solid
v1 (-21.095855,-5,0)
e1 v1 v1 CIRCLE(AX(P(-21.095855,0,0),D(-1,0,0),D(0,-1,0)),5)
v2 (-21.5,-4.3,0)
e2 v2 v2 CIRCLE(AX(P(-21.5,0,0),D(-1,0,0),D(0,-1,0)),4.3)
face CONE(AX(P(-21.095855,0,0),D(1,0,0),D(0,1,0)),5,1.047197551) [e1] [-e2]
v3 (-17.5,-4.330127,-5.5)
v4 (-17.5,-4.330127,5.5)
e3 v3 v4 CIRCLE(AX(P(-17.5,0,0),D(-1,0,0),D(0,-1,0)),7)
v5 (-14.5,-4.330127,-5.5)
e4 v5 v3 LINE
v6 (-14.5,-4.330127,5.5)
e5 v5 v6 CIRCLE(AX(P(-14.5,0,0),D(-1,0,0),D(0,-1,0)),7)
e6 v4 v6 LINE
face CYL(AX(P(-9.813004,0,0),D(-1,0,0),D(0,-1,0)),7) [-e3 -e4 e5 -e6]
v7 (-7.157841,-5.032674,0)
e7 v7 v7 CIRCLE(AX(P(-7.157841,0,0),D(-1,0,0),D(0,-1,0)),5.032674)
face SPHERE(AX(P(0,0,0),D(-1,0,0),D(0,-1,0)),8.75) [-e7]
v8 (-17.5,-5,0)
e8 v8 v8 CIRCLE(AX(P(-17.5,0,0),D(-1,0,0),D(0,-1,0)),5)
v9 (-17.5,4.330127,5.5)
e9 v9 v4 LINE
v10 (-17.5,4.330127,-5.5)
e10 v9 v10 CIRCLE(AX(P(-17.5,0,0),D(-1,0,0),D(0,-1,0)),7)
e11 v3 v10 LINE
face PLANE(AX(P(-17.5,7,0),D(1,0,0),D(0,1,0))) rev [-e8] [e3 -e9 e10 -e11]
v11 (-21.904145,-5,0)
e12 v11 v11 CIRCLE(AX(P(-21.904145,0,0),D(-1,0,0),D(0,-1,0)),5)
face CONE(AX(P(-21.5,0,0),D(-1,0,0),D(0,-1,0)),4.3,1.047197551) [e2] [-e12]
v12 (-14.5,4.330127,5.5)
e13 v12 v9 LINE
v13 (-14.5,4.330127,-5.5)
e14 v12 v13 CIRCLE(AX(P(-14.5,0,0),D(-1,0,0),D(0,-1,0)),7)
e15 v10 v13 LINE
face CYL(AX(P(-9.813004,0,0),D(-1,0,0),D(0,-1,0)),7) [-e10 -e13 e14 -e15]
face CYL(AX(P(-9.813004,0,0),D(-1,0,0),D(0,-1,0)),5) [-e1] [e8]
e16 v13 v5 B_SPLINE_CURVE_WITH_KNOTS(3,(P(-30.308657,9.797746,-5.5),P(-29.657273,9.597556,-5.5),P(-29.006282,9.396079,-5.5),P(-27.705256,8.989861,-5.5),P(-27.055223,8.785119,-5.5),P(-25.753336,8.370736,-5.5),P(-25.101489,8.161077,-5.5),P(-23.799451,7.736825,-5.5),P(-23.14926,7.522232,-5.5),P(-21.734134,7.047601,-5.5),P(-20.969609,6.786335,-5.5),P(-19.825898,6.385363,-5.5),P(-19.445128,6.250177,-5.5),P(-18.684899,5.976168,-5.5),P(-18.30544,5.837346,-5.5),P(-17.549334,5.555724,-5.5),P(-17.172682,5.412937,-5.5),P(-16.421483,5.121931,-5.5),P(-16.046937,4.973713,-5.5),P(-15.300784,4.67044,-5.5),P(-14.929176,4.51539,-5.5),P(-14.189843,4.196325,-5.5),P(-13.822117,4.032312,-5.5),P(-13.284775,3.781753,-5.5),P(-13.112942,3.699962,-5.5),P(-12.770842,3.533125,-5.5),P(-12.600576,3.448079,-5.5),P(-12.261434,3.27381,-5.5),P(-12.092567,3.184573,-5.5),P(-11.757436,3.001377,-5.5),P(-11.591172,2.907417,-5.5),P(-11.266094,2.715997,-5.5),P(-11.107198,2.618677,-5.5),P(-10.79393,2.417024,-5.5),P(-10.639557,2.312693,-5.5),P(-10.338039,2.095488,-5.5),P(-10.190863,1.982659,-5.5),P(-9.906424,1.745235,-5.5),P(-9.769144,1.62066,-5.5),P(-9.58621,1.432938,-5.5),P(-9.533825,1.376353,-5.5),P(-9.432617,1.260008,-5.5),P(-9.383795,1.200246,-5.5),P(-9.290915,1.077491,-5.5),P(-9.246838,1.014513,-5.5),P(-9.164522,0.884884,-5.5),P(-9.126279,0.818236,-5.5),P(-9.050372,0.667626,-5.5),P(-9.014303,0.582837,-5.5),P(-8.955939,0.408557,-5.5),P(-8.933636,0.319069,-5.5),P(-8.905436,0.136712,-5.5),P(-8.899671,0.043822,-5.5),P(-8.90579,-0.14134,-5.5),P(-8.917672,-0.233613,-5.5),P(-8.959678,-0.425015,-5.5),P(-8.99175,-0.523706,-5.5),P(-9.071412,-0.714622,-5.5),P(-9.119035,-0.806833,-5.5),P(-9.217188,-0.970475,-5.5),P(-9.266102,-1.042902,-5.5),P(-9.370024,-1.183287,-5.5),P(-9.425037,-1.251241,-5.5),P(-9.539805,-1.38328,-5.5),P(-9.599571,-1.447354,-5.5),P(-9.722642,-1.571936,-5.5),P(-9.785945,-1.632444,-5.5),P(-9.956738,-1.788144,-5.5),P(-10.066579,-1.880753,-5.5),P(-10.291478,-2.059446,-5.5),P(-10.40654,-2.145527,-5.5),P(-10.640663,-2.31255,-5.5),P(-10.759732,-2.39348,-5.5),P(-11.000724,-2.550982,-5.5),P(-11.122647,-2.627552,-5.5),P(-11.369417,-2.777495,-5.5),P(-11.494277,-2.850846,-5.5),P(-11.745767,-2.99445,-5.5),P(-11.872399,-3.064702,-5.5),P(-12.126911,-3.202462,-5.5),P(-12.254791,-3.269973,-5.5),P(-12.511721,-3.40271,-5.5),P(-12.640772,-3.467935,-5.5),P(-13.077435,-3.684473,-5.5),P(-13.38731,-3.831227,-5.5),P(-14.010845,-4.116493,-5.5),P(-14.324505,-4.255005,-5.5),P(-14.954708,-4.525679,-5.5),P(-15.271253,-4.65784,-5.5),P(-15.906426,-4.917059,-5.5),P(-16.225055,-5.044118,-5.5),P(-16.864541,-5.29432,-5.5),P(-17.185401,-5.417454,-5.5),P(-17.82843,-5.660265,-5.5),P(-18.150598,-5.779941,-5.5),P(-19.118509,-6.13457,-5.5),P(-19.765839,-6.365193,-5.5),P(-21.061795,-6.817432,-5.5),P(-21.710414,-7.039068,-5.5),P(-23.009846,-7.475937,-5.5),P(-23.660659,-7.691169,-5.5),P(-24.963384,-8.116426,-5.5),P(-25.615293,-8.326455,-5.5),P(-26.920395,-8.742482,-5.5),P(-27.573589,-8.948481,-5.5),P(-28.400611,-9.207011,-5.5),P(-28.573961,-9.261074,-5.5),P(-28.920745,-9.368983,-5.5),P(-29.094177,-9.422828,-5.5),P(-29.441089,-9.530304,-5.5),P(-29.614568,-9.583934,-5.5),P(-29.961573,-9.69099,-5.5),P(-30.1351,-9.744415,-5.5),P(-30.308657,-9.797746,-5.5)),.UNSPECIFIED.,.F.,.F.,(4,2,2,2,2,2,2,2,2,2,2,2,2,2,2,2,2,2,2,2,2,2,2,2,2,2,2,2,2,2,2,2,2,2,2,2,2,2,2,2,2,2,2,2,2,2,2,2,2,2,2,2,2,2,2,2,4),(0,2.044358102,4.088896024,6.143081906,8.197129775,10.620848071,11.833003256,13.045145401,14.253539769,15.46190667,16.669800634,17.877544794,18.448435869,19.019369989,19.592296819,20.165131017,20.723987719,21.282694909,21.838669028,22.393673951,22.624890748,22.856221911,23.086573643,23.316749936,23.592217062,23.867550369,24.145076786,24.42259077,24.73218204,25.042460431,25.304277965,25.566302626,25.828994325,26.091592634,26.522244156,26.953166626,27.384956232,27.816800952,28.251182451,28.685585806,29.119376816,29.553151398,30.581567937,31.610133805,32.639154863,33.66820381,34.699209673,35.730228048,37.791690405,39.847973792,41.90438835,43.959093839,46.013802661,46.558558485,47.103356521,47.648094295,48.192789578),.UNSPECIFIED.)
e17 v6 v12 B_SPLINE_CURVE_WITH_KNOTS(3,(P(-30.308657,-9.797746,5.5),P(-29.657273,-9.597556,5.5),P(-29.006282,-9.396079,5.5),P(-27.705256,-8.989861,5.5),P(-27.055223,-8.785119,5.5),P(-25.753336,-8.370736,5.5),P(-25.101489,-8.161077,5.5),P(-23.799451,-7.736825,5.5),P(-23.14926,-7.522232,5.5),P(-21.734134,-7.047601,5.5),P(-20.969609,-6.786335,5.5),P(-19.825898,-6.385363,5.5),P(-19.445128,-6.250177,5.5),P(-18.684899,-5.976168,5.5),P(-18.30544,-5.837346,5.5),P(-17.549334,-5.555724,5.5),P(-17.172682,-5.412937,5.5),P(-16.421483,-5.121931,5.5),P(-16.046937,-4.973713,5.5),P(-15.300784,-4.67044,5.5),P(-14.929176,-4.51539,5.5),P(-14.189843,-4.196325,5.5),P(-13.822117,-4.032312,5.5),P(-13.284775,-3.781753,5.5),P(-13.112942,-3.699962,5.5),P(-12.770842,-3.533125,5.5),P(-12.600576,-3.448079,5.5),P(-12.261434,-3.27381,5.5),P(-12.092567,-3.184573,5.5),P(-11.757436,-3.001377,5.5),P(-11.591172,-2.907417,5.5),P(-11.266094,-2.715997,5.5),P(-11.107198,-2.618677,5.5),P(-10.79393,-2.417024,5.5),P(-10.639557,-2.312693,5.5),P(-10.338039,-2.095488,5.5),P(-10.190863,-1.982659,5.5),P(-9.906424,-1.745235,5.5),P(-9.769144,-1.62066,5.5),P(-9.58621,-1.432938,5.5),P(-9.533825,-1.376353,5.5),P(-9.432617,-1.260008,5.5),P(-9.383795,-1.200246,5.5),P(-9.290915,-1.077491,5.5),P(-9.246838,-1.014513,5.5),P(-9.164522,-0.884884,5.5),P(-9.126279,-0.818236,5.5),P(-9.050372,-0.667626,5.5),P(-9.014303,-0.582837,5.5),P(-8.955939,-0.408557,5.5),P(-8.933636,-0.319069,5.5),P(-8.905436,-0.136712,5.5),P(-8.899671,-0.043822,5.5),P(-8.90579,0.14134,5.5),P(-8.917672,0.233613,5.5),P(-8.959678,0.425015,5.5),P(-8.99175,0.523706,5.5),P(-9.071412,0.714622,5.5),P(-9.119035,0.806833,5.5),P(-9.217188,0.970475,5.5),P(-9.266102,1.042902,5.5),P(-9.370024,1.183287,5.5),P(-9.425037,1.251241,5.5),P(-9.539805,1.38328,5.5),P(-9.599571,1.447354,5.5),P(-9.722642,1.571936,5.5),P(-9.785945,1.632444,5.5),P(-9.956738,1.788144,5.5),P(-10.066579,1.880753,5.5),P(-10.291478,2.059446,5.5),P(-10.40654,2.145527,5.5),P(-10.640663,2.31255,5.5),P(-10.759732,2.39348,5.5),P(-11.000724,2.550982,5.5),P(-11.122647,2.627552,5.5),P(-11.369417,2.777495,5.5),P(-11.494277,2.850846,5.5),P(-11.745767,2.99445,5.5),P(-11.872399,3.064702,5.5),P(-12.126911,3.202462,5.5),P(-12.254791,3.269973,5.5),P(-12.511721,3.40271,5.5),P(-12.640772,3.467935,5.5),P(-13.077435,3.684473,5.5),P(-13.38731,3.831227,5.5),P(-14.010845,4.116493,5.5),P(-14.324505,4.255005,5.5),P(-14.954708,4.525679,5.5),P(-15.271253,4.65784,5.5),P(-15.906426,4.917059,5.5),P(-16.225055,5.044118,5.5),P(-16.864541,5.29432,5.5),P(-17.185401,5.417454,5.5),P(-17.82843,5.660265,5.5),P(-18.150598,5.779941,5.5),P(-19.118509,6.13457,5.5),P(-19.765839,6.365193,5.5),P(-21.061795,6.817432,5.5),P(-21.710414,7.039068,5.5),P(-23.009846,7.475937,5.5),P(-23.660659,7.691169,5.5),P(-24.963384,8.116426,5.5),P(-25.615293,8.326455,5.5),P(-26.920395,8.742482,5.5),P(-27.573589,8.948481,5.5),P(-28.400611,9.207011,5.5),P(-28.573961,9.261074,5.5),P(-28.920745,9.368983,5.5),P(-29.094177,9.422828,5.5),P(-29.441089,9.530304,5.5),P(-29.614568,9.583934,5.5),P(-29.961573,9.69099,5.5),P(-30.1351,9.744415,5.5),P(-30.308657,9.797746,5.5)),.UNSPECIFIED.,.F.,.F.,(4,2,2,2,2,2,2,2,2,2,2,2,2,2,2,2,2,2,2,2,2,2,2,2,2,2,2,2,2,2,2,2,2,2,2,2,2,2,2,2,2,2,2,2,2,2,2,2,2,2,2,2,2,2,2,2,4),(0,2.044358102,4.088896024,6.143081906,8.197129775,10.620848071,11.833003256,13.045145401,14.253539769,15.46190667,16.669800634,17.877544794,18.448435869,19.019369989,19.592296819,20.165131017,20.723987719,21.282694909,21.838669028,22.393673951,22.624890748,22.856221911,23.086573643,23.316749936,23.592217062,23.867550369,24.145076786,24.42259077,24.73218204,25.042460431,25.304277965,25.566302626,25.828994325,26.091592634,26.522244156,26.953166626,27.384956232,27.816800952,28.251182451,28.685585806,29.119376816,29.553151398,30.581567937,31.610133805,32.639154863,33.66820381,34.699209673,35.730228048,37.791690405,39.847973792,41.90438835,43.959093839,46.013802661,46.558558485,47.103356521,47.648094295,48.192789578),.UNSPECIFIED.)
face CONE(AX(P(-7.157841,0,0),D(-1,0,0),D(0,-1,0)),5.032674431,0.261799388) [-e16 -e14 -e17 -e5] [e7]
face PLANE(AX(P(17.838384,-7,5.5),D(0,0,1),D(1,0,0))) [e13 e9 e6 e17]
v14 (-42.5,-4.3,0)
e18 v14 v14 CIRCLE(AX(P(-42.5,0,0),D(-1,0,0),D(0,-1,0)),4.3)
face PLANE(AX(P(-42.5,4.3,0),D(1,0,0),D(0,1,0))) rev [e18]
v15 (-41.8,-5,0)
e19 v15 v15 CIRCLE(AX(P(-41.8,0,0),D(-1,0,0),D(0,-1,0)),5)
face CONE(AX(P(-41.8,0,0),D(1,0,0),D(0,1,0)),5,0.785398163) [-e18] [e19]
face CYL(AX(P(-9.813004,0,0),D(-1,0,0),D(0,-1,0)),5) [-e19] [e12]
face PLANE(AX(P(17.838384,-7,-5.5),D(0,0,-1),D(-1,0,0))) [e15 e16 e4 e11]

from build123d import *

# Parameters (mm, degrees)
SKETCH2_OUTSIDE_W   = 30.882
SKETCH2_OUTSIDE_H   = 30.882
SKETCH2_OUTSIDE_W_2 = 11
SKETCH2_OUTSIDE_H_2 = 14
CUT_EXTRUDE1_DEPTH  = 10.342159


with BuildPart() as part:
    # Sketch1 → Body Revolve (revolve)
    with BuildSketch(Plane.XY):
        with BuildLine():
            Line((-14.5, 7), (-17.5, 7))
            Line((-17.5, 7), (-17.5, 5))
            Line((-17.5, 5), (-21.095854812, 5))
            Line((-21.095854812, 5), (-21.5, 4.3))
            Line((-21.5, 4.3), (-21.904145188, 5))
            Line((-21.904145188, 5), (-41.8, 5))
            Line((-41.8, 5), (-42.5, 4.3))
            Line((-42.5, 4.3), (-42.5, 0))
            Line((-42.5, 0), (8.75, 0))
            ThreePointArc((8.75, 0), (2.639260414, 8.342469926), (-7.15784102, 5.032674431))
            Line((-7.15784102, 5.032674431), (-14.5, 7))
        make_face()
    revolve(axis=Axis((-9.81300365, 0, 0), (1, 0, 0)))

    # Sketch2 outside → Cut-Extrude1 (cut)
    with BuildSketch(Plane.ZY.offset(17.5)):
        Rectangle(SKETCH2_OUTSIDE_W, SKETCH2_OUTSIDE_H)
        Rectangle(SKETCH2_OUTSIDE_W_2, SKETCH2_OUTSIDE_H_2, mode=Mode.SUBTRACT)
    extrude(amount=-CUT_EXTRUDE1_DEPTH, mode=Mode.SUBTRACT)


solid = part.part
